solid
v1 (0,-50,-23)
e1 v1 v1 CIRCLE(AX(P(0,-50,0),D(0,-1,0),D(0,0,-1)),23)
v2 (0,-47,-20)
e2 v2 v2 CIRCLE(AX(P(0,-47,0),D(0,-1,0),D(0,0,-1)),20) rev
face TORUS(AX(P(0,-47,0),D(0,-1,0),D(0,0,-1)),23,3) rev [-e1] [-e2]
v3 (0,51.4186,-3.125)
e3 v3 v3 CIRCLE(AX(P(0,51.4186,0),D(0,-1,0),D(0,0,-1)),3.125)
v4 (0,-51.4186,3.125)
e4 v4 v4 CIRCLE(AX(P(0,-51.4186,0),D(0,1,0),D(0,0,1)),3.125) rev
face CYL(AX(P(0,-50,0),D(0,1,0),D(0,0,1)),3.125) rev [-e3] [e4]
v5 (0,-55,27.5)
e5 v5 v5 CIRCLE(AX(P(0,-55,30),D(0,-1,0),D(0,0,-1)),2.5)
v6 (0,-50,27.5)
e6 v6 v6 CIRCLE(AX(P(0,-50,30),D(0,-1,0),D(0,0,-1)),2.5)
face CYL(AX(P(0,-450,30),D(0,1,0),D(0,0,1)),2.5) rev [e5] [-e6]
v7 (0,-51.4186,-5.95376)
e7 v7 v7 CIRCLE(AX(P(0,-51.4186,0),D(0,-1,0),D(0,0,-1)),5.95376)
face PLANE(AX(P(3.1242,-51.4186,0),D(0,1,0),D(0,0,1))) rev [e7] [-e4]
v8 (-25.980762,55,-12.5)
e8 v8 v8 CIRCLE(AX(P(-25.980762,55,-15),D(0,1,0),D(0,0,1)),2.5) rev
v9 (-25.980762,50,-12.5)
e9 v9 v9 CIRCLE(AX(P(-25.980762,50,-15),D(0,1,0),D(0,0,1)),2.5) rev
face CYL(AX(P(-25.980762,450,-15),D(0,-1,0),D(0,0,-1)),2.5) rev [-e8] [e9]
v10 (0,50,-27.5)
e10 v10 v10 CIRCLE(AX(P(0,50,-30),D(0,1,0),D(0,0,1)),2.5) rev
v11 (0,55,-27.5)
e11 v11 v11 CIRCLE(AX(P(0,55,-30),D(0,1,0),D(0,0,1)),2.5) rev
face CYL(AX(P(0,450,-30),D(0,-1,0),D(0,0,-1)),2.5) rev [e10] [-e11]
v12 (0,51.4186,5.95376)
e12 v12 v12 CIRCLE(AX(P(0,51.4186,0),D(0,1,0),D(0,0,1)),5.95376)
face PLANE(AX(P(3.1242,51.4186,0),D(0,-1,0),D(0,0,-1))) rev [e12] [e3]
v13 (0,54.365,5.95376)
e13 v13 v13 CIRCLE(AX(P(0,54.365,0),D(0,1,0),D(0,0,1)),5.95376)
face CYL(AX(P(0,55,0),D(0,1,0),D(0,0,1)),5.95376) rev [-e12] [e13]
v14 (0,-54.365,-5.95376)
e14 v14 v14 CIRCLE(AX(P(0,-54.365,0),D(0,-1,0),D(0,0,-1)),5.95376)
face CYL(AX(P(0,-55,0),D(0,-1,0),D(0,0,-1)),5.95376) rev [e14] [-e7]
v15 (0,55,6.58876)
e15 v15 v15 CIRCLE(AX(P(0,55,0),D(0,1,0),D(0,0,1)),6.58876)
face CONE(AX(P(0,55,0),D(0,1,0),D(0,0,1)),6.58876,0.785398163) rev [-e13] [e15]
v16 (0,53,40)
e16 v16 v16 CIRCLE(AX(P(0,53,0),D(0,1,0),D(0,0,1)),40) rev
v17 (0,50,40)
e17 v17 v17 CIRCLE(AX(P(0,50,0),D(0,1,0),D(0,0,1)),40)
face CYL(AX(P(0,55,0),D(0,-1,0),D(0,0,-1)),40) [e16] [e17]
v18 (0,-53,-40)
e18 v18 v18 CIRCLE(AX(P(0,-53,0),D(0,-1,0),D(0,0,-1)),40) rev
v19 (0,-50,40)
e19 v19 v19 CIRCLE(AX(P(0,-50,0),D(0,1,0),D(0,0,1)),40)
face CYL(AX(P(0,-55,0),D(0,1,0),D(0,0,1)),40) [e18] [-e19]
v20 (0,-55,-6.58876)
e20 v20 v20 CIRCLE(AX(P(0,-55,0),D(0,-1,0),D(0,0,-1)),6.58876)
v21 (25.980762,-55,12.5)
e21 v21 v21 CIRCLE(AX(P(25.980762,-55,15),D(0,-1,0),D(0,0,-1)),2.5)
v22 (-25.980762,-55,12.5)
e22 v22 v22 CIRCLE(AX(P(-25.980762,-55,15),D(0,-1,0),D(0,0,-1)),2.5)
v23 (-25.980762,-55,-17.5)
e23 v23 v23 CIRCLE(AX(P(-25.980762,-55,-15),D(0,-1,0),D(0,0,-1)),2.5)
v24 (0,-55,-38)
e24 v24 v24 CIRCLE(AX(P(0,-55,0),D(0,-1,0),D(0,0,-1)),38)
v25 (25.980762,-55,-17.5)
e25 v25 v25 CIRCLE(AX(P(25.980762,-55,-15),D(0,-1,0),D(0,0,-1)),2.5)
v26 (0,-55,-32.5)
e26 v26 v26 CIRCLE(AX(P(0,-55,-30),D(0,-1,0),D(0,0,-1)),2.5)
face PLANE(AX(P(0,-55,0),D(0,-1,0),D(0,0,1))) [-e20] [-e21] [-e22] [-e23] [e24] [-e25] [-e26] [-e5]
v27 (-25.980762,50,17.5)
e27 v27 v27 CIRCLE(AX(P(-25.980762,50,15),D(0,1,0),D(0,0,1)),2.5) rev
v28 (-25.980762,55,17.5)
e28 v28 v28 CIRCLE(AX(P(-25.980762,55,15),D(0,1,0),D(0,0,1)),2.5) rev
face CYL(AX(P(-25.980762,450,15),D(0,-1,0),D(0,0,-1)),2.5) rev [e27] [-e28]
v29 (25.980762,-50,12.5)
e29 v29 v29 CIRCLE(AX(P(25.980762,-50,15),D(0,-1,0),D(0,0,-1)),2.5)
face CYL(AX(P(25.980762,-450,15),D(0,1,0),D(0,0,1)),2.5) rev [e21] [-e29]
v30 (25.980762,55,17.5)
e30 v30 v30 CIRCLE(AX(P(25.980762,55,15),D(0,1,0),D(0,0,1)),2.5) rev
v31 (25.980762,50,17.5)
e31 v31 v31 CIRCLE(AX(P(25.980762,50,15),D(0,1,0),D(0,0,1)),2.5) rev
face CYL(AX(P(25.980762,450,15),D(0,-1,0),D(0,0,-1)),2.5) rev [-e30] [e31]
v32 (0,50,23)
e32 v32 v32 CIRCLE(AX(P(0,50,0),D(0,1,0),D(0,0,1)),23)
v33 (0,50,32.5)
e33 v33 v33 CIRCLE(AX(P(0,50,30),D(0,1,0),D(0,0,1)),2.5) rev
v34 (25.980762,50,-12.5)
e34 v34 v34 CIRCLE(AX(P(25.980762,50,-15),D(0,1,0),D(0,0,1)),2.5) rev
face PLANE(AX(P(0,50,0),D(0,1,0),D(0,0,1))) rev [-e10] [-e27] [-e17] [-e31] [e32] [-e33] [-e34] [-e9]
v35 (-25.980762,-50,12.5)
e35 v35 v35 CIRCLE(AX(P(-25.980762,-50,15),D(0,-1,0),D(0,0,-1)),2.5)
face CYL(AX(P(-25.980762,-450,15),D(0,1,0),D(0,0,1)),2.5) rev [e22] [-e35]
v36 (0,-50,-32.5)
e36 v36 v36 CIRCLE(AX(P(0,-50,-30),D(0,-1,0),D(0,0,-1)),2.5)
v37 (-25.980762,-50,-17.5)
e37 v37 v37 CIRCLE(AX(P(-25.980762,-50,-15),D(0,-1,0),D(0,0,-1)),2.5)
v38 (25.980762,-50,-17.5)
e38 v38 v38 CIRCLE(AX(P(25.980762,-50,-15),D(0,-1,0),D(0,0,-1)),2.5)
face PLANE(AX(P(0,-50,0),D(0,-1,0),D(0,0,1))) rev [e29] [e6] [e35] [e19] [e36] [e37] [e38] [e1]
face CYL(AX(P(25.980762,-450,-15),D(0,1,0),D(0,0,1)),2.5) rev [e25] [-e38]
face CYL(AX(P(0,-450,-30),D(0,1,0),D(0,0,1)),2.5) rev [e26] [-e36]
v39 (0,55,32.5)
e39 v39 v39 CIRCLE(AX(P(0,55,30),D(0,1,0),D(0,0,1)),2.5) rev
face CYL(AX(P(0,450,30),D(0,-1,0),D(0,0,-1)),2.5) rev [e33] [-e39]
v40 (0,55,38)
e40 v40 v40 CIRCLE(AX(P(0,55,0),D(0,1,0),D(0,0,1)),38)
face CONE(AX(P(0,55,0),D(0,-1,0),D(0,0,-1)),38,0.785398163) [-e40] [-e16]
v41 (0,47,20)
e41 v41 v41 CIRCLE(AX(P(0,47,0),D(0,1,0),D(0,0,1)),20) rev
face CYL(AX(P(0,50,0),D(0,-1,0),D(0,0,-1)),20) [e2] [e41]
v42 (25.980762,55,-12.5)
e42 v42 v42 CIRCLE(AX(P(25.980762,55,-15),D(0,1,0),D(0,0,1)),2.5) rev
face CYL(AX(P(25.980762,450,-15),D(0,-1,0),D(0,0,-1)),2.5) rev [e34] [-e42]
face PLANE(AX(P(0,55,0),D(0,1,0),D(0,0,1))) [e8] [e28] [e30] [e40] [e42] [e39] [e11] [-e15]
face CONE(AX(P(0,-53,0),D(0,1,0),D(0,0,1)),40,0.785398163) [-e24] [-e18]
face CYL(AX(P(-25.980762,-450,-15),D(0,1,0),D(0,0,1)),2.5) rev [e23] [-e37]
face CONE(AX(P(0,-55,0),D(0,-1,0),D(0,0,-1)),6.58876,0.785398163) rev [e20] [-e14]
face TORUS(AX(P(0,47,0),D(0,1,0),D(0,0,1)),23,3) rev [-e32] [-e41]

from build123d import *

# Parameters (mm, degrees)
SKETCH1_R                = 20
BOSS_EXTRUDE1_DEPTH      = 50
SKETCH2_R                = 40
BOSS_EXTRUDE2_DEPTH      = 5
CHAMFER1_SIZE            = 2
CUT_EXTRUDE1_START       = -295
SKETCH3_R                = 2.5
CUT_EXTRUDE1_DEPTH       = 690
CIRPATTERN1_COUNT        = 6
FILLET1_R                = 3
CUT_EXTRUDE2_START       = -102.4186
SKETCH6_R                = 3.125
CUT_EXTRUDE2_DEPTH       = 107
CHAMFER1_OF_MIRROR3_SIZE = 2
FILLET1_OF_MIRROR3_R     = 3
MIRROR4_START            = -295
MIRROR4_COPY_1_SKETCH_R  = 2.5
MIRROR4_COPY_1_DEPTH     = 690
MIRROR4_COPY_2_SKETCH_R  = 2.5
MIRROR4_COPY_2_DEPTH     = 690
MIRROR4_COPY_3_SKETCH_R  = 2.5
MIRROR4_COPY_3_DEPTH     = 690
MIRROR4_COPY_4_SKETCH_R  = 2.5
MIRROR4_COPY_4_DEPTH     = 690
MIRROR4_COPY_5_SKETCH_R  = 2.5
MIRROR4_COPY_5_DEPTH     = 690


with BuildPart() as part:
    # Sketch1 → Boss-Extrude1 (new body, symmetric)
    with BuildSketch(Plane(origin=(0, 0, 0), x_dir=(1, 0, 0), z_dir=(0, 1, 0))):
        Circle(SKETCH1_R)
    extrude(amount=BOSS_EXTRUDE1_DEPTH, both=True)

    # Sketch2 → Boss-Extrude2 (add)
    with BuildSketch(Plane(origin=(0, 50, 0), x_dir=(1, 0, 0), z_dir=(0, 1, 0))):
        Circle(SKETCH2_R)
    boss_extrude2 = extrude(amount=BOSS_EXTRUDE2_DEPTH)

    # Chamfer1
    chamfer1_edges = [part.edges().sort_by_distance(p)[0] for p in [
        (-40, 55, 0),
    ]]
    chamfer(chamfer1_edges, length=CHAMFER1_SIZE)

    # Sketch3 → Cut-Extrude1 (cut)
    with BuildSketch(Plane(origin=(0, 55, 0), x_dir=(1, 0, 0), z_dir=(0, 1, 0)).offset(CUT_EXTRUDE1_START)):
        with Locations((0, 30)):
            Circle(SKETCH3_R)
    cut_extrude1 = extrude(amount=CUT_EXTRUDE1_DEPTH, mode=Mode.SUBTRACT)

    # CirPattern1: Cut-Extrude1 ×6 about axis
    cirpattern1_axis = Axis((0, 0, 0), (0, 1, 0))
    for i in range(1, CIRPATTERN1_COUNT):
        add(cut_extrude1.rotate(cirpattern1_axis, i * 360 / CIRPATTERN1_COUNT), mode=Mode.SUBTRACT)

    # Fillet1
    fillet1_edges = [part.edges().sort_by_distance(p)[0] for p in [
        (-20, 50, 0),
    ]]
    fillet(fillet1_edges, radius=FILLET1_R)

    # Sketch5 → CBORE for #12 Binding Head Machine Screw1 (revolve, cut)
    with BuildSketch(Plane(origin=(0, 55, 0), x_dir=(0, 0, 1), z_dir=(1, 0, 0))):
        Polygon((0, 0), (0, 1.927208746), (3.1242, 0.05), (3.1242, 3.5814), (5.95376, 3.5814), (5.95376, 0.635), (6.58876, 0), align=None)
    cbore_for_12_binding_head_machine_screw = revolve(axis=Axis((0, 61.35, 0), (0, -1, 0)), mode=Mode.SUBTRACT)

    # Sketch6 → Cut-Extrude2 (cut)
    with BuildSketch(Plane(origin=(0, 51.4186, 0), x_dir=(1, 0, 0), z_dir=(0, 1, 0)).offset(CUT_EXTRUDE2_START)):
        Circle(SKETCH6_R)
    cut_extrude2 = extrude(amount=CUT_EXTRUDE2_DEPTH, mode=Mode.SUBTRACT)

    # Mirror3: Boss-Extrude2, CBORE for #12 Binding Head Machine Screw1, Cut-Extrude2 across plane
    add(boss_extrude2.mirror(Plane.ZX))
    add(cbore_for_12_binding_head_machine_screw.mirror(Plane.ZX), mode=Mode.SUBTRACT)
    add(cut_extrude2.mirror(Plane.ZX), mode=Mode.SUBTRACT)

    # Chamfer1 of Mirror3
    chamfer1_of_mirror3_edges = [part.edges().sort_by_distance(p)[0] for p in [
        (-40, -55, 0),
    ]]
    chamfer(chamfer1_of_mirror3_edges, length=CHAMFER1_OF_MIRROR3_SIZE)

    # Fillet1 of Mirror3
    fillet1_of_mirror3_edges = [part.edges().sort_by_distance(p)[0] for p in [
        (-20, -50, 0),
    ]]
    fillet(fillet1_of_mirror3_edges, radius=FILLET1_OF_MIRROR3_R)

    # Mirror4: Cut-Extrude1 across plane
    add(cut_extrude1.mirror(Plane.ZX), mode=Mode.SUBTRACT)

    # Mirror4 copy 1 sketch → Mirror4 copy 1 (cut)
    with BuildSketch(Plane(origin=(0, -55, 0), x_dir=(0.5, 0, -0.866025404), z_dir=(0, -1, 0)).offset(MIRROR4_START)):
        with Locations((0, -30)):
            Circle(MIRROR4_COPY_1_SKETCH_R)
    extrude(amount=MIRROR4_COPY_1_DEPTH, mode=Mode.SUBTRACT)

    # Mirror4 copy 2 sketch → Mirror4 copy 2 (cut)
    with BuildSketch(Plane(origin=(0, -55, 0), x_dir=(-0.5, 0, -0.866025404), z_dir=(0, -1, 0)).offset(MIRROR4_START)):
        with Locations((0, -30)):
            Circle(MIRROR4_COPY_2_SKETCH_R)
    extrude(amount=MIRROR4_COPY_2_DEPTH, mode=Mode.SUBTRACT)

    # Mirror4 copy 3 sketch → Mirror4 copy 3 (cut)
    with BuildSketch(Plane(origin=(0, -55, 0), x_dir=(-1, 0, 0), z_dir=(0, -1, 0)).offset(MIRROR4_START)):
        with Locations((0, -30)):
            Circle(MIRROR4_COPY_3_SKETCH_R)
    extrude(amount=MIRROR4_COPY_3_DEPTH, mode=Mode.SUBTRACT)

    # Mirror4 copy 4 sketch → Mirror4 copy 4 (cut)
    with BuildSketch(Plane(origin=(0, -55, 0), x_dir=(-0.5, 0, 0.866025404), z_dir=(0, -1, 0)).offset(MIRROR4_START)):
        with Locations((0, -30)):
            Circle(MIRROR4_COPY_4_SKETCH_R)
    extrude(amount=MIRROR4_COPY_4_DEPTH, mode=Mode.SUBTRACT)

    # Mirror4 copy 5 sketch → Mirror4 copy 5 (cut)
    with BuildSketch(Plane(origin=(0, -55, 0), x_dir=(0.5, 0, 0.866025404), z_dir=(0, -1, 0)).offset(MIRROR4_START)):
        with Locations((0, -30)):
            Circle(MIRROR4_COPY_5_SKETCH_R)
    extrude(amount=MIRROR4_COPY_5_DEPTH, mode=Mode.SUBTRACT)


solid = part.part
